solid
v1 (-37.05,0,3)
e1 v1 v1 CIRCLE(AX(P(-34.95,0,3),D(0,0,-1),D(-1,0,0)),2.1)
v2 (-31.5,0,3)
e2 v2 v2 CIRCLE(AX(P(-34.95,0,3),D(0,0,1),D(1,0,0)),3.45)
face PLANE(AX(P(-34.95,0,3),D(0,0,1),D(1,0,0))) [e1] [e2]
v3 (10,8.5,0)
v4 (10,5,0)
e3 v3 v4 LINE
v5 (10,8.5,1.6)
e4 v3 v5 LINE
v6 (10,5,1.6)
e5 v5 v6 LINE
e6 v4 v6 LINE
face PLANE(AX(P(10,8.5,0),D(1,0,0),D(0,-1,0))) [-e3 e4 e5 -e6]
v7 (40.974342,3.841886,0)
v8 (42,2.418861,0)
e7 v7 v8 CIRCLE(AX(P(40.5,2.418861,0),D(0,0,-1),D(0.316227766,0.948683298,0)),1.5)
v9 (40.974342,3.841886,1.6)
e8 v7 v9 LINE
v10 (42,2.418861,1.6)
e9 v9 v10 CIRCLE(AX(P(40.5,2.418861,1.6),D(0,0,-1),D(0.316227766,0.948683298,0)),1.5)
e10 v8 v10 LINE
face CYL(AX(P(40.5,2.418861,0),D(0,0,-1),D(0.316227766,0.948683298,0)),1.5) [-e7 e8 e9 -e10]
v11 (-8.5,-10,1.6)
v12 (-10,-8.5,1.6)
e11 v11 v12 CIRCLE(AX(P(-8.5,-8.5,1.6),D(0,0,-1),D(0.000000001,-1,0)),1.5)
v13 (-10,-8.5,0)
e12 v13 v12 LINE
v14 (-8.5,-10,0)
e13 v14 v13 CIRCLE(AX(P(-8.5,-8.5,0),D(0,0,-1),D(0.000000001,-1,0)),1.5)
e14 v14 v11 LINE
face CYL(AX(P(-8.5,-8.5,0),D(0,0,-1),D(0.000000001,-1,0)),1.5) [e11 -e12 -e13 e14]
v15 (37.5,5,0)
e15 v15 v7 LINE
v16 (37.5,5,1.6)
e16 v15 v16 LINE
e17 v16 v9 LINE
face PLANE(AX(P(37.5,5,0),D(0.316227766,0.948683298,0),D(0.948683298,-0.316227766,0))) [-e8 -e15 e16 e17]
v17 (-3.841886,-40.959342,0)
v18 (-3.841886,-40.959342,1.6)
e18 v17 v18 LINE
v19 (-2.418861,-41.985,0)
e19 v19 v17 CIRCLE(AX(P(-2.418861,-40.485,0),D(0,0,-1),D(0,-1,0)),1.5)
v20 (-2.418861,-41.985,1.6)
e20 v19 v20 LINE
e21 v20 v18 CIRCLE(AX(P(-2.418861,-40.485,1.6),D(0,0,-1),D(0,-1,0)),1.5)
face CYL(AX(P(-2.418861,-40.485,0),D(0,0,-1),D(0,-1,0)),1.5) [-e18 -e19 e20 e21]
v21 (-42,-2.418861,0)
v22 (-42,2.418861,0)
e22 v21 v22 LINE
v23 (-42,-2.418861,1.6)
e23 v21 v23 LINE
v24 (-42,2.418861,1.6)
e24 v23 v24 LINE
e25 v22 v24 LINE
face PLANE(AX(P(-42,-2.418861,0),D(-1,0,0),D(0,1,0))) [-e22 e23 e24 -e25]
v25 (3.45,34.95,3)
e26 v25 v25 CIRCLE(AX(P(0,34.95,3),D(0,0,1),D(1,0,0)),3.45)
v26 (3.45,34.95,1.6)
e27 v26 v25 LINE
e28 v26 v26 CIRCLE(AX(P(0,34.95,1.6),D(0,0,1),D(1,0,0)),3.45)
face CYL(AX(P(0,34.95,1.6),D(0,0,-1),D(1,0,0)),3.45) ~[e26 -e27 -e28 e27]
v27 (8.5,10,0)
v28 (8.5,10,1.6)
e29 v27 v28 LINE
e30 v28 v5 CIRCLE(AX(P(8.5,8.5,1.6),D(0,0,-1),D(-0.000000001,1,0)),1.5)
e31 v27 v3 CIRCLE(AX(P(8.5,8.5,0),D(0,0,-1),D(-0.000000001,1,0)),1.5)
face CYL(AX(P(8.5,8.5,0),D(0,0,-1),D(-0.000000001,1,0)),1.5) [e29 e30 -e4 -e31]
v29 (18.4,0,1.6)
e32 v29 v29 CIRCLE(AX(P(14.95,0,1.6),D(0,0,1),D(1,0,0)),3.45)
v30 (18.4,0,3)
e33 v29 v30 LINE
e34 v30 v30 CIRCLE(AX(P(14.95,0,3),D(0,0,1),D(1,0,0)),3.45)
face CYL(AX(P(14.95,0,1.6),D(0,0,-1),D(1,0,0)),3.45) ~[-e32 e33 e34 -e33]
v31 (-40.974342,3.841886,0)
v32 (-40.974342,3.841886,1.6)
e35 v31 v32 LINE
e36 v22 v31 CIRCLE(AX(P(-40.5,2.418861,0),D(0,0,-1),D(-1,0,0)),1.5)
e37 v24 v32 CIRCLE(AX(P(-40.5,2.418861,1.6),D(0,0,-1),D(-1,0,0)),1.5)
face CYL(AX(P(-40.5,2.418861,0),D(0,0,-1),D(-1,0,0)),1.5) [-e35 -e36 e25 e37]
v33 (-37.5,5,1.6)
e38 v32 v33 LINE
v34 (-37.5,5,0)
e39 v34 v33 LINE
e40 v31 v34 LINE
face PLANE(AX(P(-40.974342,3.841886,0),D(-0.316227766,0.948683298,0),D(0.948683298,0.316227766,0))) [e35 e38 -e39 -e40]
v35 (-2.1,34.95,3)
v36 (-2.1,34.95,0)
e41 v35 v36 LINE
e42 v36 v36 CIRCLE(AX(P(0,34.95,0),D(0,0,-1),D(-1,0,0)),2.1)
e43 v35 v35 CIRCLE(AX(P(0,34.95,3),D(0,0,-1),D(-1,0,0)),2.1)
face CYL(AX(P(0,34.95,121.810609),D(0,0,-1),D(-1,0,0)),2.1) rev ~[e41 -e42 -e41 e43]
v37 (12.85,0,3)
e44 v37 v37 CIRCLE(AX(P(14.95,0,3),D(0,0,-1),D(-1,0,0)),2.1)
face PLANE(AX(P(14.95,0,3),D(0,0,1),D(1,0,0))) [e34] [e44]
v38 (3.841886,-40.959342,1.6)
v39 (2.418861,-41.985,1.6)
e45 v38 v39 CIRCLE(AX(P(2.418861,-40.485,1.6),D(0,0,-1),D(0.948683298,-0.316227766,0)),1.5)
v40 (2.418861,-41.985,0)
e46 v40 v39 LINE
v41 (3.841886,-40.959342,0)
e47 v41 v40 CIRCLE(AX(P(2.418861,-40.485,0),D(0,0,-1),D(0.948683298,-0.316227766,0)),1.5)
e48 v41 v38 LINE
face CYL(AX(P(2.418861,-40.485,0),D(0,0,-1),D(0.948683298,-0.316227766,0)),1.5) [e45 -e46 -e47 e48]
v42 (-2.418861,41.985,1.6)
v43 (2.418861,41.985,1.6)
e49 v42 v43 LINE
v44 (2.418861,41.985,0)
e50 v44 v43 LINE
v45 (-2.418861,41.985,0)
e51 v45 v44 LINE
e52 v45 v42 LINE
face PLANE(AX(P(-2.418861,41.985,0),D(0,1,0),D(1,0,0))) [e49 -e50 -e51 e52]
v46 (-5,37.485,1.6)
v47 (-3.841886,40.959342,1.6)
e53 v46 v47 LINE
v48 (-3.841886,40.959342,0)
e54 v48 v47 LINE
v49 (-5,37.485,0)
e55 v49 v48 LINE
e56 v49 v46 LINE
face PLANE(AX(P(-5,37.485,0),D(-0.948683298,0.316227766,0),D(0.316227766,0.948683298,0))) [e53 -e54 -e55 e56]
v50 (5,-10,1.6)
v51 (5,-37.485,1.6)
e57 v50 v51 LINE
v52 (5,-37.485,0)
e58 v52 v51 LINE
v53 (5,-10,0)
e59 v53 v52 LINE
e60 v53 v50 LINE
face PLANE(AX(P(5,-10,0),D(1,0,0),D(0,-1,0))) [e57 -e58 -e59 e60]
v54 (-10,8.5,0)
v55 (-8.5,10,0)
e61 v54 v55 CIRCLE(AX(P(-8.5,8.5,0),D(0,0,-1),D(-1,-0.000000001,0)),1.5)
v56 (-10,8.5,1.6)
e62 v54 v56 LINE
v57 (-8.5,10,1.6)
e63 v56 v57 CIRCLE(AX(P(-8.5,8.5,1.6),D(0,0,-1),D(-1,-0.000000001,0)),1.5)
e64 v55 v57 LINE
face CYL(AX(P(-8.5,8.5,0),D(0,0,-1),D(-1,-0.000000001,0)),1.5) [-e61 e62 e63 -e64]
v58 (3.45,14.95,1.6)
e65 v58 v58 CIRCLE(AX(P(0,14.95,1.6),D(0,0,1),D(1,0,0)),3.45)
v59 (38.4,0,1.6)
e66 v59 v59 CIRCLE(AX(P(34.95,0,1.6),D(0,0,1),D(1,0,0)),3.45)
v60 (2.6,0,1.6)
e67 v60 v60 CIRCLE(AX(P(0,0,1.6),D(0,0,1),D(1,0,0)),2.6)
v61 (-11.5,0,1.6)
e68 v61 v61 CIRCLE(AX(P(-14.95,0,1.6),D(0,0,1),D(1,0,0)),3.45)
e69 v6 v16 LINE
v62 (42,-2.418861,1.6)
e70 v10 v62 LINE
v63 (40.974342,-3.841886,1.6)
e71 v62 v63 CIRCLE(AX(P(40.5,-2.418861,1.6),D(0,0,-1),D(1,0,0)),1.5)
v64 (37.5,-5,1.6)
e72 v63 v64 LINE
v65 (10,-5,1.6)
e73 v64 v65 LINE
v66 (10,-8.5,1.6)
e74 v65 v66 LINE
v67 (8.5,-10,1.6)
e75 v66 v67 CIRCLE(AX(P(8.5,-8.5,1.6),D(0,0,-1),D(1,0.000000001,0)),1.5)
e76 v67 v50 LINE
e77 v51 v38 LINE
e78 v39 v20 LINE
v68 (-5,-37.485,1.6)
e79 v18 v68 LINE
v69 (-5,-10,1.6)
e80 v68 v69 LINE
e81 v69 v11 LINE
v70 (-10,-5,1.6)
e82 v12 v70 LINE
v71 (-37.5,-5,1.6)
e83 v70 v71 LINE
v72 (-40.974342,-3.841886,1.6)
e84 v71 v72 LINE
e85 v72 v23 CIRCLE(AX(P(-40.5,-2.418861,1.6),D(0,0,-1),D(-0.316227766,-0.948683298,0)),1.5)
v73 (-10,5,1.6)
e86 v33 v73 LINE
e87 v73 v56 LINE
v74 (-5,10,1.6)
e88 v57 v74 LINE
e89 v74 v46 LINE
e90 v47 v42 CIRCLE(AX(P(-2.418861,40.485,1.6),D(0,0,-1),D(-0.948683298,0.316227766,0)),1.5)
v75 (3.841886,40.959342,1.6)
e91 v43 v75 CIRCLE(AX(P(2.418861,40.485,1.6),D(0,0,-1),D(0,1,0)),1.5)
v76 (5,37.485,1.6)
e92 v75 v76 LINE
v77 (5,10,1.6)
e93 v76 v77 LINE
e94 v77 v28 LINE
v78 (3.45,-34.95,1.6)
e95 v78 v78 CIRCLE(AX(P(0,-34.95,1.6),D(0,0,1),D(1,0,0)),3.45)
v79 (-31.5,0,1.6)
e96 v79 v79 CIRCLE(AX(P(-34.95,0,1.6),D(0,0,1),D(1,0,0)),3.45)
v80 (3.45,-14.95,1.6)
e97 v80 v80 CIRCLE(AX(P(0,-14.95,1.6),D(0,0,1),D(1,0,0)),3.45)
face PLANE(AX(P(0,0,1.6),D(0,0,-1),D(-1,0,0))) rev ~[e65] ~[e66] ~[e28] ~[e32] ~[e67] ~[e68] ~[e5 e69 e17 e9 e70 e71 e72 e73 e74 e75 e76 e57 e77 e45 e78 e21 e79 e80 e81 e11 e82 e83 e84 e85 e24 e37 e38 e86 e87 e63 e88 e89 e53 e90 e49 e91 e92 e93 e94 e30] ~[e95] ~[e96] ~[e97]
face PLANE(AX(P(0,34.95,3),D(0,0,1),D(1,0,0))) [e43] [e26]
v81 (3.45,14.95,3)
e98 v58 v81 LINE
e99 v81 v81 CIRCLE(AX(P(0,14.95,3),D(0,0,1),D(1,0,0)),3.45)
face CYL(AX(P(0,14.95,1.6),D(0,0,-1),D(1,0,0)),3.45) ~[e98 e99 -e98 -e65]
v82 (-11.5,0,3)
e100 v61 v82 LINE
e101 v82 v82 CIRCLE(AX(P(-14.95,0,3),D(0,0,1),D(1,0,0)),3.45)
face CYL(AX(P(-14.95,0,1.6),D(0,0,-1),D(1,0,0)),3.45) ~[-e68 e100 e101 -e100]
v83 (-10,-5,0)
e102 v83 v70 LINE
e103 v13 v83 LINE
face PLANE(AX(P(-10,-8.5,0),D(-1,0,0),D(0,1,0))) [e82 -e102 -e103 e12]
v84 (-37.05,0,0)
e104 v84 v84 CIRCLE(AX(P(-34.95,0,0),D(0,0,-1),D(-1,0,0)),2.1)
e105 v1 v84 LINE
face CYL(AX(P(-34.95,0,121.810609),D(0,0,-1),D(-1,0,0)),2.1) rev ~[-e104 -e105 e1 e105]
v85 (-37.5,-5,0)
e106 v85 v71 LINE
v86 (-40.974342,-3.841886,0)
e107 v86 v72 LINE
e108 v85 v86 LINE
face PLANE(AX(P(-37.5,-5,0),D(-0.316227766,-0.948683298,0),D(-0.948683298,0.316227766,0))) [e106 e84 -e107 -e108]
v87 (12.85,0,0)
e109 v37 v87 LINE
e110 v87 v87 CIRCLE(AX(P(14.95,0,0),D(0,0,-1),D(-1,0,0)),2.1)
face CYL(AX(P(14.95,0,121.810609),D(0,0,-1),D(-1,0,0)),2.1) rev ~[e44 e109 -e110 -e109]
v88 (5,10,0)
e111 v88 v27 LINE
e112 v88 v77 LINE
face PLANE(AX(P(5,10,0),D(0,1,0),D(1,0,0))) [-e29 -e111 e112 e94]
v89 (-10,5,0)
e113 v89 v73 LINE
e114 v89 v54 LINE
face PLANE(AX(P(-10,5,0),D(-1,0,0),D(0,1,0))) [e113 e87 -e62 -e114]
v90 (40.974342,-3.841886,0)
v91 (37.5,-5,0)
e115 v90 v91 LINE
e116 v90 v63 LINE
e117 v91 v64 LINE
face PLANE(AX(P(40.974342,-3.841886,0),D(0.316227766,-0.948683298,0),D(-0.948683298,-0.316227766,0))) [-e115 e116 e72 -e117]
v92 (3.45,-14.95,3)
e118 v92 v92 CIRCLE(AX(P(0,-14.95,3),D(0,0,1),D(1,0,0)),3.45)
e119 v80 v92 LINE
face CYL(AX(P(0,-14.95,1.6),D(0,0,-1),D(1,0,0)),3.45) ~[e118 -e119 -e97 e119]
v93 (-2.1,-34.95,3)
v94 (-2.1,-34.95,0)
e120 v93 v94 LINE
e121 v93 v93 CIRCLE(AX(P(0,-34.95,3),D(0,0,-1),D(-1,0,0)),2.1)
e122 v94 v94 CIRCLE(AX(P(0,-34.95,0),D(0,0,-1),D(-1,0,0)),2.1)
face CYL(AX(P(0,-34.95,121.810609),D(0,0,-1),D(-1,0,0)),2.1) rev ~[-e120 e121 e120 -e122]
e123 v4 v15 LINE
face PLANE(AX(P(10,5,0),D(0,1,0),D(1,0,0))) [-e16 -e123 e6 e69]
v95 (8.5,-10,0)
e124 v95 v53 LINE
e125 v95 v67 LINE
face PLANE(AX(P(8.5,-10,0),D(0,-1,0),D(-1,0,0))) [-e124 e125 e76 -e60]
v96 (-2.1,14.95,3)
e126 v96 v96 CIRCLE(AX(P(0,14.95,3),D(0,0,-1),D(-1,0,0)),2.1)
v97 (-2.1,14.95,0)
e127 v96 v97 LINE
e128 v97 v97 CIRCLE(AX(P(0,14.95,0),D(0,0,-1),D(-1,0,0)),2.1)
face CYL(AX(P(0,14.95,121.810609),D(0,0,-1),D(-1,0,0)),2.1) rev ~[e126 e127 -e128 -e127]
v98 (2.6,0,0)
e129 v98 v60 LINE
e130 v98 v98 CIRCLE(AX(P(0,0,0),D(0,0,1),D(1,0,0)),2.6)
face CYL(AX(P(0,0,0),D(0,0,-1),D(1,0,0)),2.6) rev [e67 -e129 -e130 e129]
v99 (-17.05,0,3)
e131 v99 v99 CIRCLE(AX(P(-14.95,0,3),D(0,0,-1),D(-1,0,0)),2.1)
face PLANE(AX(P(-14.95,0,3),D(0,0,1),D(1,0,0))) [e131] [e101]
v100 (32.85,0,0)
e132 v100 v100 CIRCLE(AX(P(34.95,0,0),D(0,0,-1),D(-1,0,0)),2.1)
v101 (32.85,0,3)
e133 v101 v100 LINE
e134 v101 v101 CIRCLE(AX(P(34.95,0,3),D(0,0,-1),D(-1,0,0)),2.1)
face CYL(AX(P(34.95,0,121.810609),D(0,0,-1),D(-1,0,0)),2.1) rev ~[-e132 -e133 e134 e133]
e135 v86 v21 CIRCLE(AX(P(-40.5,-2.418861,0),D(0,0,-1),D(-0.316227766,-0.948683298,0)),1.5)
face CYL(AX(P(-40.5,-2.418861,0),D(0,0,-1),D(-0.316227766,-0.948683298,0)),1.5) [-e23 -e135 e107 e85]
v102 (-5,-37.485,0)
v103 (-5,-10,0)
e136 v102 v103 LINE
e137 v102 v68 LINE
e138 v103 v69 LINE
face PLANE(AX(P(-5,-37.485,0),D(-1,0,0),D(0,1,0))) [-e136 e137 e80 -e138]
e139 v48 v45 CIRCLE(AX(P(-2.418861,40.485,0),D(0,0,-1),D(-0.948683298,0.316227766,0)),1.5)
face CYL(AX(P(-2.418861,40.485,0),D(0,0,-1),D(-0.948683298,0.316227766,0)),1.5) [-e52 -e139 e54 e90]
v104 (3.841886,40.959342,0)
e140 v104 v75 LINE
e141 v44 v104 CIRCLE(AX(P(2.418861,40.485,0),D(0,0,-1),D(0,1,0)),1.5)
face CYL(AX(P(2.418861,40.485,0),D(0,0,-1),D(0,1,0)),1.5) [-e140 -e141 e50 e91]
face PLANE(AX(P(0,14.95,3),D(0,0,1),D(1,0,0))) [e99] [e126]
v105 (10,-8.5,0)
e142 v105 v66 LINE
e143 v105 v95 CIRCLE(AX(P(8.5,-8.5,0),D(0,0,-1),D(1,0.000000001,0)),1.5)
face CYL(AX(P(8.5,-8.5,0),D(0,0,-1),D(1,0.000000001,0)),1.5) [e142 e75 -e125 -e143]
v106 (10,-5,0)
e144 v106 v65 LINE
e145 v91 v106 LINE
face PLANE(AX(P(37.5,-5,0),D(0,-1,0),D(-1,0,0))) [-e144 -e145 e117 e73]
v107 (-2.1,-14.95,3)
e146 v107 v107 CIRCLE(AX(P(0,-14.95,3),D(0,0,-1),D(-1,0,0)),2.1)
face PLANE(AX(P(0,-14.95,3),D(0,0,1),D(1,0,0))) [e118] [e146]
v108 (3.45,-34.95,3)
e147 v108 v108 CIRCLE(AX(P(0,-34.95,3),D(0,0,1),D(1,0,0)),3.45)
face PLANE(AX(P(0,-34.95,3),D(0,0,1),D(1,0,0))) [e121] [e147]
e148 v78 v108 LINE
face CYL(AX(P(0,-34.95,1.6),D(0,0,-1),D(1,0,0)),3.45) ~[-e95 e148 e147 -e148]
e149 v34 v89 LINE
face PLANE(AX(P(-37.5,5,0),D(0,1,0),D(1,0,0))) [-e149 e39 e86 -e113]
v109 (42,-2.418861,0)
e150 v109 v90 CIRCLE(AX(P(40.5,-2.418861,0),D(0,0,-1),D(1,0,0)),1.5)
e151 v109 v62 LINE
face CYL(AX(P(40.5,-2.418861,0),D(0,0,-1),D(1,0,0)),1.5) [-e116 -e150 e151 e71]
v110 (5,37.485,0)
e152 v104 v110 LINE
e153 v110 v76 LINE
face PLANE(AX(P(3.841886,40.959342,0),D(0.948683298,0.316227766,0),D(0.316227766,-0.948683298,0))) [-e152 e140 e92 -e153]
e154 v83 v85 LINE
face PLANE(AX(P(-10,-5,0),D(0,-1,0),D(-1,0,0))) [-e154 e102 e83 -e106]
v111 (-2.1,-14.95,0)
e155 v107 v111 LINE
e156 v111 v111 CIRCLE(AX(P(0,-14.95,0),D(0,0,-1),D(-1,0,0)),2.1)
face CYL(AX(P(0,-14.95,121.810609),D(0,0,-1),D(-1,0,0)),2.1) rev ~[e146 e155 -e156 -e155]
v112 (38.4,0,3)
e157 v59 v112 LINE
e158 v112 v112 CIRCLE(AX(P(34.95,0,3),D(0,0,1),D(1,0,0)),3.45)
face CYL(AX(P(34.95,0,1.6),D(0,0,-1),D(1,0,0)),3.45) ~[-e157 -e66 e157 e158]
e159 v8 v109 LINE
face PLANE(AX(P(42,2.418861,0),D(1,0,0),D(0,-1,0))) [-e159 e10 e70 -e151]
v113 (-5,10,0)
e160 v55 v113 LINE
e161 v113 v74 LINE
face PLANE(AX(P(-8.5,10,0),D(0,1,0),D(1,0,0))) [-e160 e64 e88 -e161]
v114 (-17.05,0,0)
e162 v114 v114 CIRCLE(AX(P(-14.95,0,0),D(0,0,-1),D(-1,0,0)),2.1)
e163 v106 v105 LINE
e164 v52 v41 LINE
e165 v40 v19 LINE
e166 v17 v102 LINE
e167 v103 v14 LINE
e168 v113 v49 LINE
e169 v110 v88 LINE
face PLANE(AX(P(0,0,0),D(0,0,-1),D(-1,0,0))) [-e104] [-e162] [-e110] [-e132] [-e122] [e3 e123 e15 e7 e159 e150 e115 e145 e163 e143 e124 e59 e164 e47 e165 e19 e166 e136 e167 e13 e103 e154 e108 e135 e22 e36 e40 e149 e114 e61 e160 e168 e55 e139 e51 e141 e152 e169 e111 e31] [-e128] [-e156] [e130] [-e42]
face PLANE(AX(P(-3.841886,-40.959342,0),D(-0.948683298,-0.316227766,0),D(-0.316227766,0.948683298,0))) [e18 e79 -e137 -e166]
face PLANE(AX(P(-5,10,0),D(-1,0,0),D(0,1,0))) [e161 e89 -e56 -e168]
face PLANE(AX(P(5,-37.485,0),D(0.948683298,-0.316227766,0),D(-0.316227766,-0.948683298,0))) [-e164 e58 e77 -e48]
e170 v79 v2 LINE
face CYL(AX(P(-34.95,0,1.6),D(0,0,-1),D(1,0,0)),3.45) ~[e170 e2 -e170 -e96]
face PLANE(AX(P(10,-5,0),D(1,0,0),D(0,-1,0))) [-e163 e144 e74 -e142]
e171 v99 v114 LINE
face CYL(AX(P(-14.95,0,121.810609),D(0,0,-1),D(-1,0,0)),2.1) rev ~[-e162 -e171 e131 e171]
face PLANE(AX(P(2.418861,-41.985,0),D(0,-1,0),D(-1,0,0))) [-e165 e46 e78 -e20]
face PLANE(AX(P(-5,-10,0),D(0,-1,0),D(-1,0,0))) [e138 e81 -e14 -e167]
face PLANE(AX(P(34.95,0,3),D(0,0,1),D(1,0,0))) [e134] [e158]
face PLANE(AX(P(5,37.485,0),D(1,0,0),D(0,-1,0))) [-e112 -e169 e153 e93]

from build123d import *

# Parameters (mm, degrees)
SKETCH1_R             = 2.6
BOSS_EXTRUDE1_DEPTH   = 1.6
SKETCH2_R             = 3.45
BOSS_EXTRUDE2_DEPTH   = 1.4
M5X0_8_TAPPED_HOLE1_D = 4.2


with BuildPart() as part:
    # Sketch1 → Boss-Extrude1 (new body)
    with BuildSketch(Plane.XY):
        with BuildLine():
            Line((-10, -8.5), (-10, -5))
            Line((-10, -5), (-37.5, -5))
            Line((-37.5, -5), (-40.974341649, -3.841886117))
            ThreePointArc((-40.974341649, -3.841886117), (-41.716863278, -3.295926597), (-42, -2.41886117))
            Line((-42, -2.41886117), (-42, 2.41886117))
            ThreePointArc((-42, 2.41886117), (-41.716863278, 3.295926597), (-40.974341649, 3.841886117))
            Line((-40.974341649, 3.841886117), (-37.5, 5))
            Line((-37.5, 5), (-10, 5))
            Line((-10, 5), (-10, 8.5))
            ThreePointArc((-10, 8.5), (-9.560660172, 9.560660172), (-8.5, 10))
            Line((-8.5, 10), (-5, 10))
            Line((-5, 10), (-5, 37.485))
            Line((-5, 37.485), (-3.841886117, 40.959341649))
            ThreePointArc((-3.841886117, 40.959341649), (-3.295926597, 41.701863278), (-2.41886117, 41.985))
            Line((-2.41886117, 41.985), (2.41886117, 41.985))
            ThreePointArc((2.41886117, 41.985), (3.295926597, 41.701863278), (3.841886117, 40.959341649))
            Line((3.841886117, 40.959341649), (5, 37.485))
            Line((5, 37.485), (5, 10))
            Line((5, 10), (8.5, 10))
            ThreePointArc((8.5, 10), (9.560660172, 9.560660172), (10, 8.5))
            Line((10, 8.5), (10, 5))
            Line((10, 5), (37.5, 5))
            Line((37.5, 5), (40.974341649, 3.841886117))
            ThreePointArc((40.974341649, 3.841886117), (41.716863278, 3.295926597), (42, 2.41886117))
            Line((42, 2.41886117), (42, -2.41886117))
            ThreePointArc((42, -2.41886117), (41.716863278, -3.295926597), (40.974341649, -3.841886117))
            Line((40.974341649, -3.841886117), (37.5, -5))
            Line((37.5, -5), (10, -5))
            Line((10, -5), (10, -8.5))
            ThreePointArc((10, -8.5), (9.560660172, -9.560660172), (8.5, -10))
            Line((8.5, -10), (5, -10))
            Line((5, -10), (5, -37.485))
            Line((5, -37.485), (3.841886117, -40.959341649))
            ThreePointArc((3.841886117, -40.959341649), (3.295926597, -41.701863278), (2.41886117, -41.985))
            Line((2.41886117, -41.985), (-2.41886117, -41.985))
            ThreePointArc((-2.41886117, -41.985), (-3.295926597, -41.701863278), (-3.841886117, -40.959341649))
            Line((-3.841886117, -40.959341649), (-5, -37.485))
            Line((-5, -37.485), (-5, -10))
            Line((-5, -10), (-8.5, -10))
            ThreePointArc((-8.5, -10), (-9.560660172, -9.560660172), (-10, -8.5))
        make_face()
        Circle(SKETCH1_R, mode=Mode.SUBTRACT)
    extrude(amount=BOSS_EXTRUDE1_DEPTH)

    # Sketch2 → Boss-Extrude2 (add)
    with BuildSketch(Plane.XY.offset(1.6)):
        with Locations((0, 14.95)):
            Circle(SKETCH2_R)
        with Locations((0, 34.95)):
            Circle(SKETCH2_R)
        with Locations((0, -14.95)):
            Circle(SKETCH2_R)
        with Locations((0, -34.95)):
            Circle(SKETCH2_R)
        with Locations((-14.95, 0)):
            Circle(SKETCH2_R)
        with Locations((-34.95, 0)):
            Circle(SKETCH2_R)
        with Locations((14.95, 0)):
            Circle(SKETCH2_R)
        with Locations((34.95, 0)):
            Circle(SKETCH2_R)
    extrude(amount=BOSS_EXTRUDE2_DEPTH)

    # M5x0.8 Tapped Hole1 (through all)
    with Locations(Plane.XY.offset(3)):
        with Locations((0, 34.95), (0, 14.95), (0, -14.95), (0, -34.95), (-14.95, 0), (-34.95, 0), (14.95, 0), (34.95, 0)):
            Hole(M5X0_8_TAPPED_HOLE1_D / 2)


solid = part.part
